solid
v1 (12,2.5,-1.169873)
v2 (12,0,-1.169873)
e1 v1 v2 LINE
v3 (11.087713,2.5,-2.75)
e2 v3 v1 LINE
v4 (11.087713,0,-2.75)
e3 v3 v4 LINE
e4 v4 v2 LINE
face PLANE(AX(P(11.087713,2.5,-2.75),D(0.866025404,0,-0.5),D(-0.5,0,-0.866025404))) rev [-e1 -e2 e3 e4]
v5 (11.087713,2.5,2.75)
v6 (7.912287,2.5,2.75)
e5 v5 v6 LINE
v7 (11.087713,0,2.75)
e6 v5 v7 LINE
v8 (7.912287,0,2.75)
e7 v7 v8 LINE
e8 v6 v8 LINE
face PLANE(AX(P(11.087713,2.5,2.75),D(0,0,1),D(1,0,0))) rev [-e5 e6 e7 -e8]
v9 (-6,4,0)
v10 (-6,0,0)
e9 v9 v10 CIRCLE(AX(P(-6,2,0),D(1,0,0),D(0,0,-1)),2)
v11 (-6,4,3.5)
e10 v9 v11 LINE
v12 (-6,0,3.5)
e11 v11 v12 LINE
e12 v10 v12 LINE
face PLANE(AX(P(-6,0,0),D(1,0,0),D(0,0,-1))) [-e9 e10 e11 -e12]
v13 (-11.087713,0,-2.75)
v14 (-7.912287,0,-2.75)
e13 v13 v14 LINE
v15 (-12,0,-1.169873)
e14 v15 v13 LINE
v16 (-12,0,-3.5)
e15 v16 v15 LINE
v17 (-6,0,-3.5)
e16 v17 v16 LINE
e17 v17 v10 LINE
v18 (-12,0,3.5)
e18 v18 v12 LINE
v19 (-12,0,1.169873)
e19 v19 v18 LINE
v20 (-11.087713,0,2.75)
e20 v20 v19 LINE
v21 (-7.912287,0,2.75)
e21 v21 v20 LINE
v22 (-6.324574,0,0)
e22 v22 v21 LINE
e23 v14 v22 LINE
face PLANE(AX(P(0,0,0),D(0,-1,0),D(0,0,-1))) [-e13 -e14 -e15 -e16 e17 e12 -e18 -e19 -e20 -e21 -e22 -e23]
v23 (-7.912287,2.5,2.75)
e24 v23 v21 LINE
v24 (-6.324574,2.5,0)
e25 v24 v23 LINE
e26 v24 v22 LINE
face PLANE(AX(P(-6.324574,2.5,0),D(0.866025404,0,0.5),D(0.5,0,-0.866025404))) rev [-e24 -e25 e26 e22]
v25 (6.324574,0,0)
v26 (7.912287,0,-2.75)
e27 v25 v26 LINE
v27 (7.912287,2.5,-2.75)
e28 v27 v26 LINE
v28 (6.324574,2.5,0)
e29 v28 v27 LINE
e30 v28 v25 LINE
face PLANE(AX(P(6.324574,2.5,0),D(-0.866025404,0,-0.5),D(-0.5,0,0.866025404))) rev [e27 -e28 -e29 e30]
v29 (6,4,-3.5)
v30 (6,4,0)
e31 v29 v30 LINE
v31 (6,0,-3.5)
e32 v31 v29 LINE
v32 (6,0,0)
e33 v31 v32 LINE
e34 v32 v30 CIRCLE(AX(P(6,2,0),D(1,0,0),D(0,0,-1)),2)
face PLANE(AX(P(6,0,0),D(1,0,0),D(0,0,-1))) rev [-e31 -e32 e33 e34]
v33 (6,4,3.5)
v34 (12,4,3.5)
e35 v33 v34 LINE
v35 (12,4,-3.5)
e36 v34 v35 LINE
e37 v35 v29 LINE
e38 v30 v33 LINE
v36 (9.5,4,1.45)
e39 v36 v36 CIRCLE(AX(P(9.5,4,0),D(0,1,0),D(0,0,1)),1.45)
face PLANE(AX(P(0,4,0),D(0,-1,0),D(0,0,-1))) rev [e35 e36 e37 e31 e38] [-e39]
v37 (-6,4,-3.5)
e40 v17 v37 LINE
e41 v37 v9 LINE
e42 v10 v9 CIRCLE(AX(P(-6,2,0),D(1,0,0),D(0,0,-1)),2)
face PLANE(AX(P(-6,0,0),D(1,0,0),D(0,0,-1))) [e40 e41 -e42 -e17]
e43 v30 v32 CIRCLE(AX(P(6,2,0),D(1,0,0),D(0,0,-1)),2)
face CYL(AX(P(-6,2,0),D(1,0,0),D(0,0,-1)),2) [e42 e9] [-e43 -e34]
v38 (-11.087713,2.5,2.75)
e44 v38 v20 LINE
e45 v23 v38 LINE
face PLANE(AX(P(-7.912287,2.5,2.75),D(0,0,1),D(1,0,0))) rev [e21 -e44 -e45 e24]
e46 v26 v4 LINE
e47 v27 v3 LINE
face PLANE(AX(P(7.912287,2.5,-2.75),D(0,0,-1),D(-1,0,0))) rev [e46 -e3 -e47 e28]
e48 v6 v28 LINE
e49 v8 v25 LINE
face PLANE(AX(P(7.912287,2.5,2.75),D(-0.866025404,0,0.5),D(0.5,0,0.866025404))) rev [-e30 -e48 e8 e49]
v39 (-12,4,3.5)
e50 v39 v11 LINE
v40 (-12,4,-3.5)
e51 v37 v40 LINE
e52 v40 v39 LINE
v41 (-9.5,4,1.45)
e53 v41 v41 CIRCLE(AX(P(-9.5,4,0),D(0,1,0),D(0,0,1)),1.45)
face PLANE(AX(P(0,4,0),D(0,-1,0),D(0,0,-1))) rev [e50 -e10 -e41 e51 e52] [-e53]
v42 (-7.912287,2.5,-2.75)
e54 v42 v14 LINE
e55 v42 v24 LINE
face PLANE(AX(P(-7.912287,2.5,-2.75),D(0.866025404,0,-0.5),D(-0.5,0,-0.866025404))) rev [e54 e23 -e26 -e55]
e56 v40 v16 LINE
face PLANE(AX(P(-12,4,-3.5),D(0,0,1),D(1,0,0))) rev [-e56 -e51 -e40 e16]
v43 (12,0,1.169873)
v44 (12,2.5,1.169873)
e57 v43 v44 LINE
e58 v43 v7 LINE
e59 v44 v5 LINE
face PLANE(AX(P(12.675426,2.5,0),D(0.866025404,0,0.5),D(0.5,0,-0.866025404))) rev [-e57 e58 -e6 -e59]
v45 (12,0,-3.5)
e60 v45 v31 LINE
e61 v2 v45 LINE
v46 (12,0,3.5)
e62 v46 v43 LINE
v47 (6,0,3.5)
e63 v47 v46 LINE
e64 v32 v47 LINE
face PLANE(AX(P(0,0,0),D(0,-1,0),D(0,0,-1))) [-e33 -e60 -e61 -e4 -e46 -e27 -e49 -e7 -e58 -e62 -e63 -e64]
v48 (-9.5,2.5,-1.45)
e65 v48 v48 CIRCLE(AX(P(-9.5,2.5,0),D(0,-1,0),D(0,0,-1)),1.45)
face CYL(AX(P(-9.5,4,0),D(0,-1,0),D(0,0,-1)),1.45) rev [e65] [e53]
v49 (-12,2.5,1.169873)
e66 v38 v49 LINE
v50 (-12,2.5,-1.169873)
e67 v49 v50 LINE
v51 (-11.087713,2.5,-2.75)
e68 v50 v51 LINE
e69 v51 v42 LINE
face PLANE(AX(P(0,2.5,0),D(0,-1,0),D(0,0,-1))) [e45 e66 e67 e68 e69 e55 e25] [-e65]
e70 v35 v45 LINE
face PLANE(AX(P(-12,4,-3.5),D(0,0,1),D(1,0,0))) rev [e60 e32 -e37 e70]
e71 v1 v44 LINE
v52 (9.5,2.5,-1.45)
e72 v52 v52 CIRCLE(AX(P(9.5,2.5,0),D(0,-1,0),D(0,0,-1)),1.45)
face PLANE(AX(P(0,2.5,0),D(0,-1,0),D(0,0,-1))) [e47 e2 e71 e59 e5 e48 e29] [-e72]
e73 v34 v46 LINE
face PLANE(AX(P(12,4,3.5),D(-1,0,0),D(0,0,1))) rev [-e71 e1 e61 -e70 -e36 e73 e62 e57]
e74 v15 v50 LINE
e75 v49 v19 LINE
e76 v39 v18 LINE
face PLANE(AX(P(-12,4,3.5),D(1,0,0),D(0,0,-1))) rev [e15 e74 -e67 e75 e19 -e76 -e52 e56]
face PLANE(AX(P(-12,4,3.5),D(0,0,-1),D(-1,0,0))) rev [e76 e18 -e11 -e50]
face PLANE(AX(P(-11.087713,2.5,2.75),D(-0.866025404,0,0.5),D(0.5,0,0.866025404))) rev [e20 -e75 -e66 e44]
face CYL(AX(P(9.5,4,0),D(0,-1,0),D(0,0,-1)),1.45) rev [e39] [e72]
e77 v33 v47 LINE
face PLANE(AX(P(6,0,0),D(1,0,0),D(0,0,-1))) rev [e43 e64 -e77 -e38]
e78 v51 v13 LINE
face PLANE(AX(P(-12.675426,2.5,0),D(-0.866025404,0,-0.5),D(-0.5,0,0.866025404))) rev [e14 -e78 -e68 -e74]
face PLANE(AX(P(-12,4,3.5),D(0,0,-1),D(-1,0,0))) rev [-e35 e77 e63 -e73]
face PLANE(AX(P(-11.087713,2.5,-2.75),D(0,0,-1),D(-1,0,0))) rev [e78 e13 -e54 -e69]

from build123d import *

# Parameters (mm, degrees)
SKETCH_1_W          = 24
SKETCH_1_H          = 7
SKETCH_1_R          = 1.45
EXTRUDE_1_DEPTH     = 4
CUT_EXTRUDE_1_DEPTH = 2.5
SKETCH_3_W          = 8.18570746
SKETCH_3_H          = 5.156071163
SKETCH_3_R          = 2
CUT_EXTRUDE_2_DEPTH = 6


with BuildPart() as part:
    # Эскиз1 → Бобышка-Вытянуть1 (new body)
    with BuildSketch(Plane(origin=(0, 0, 0), x_dir=(1, 0, 0), z_dir=(0, 1, 0))):
        Rectangle(SKETCH_1_W, SKETCH_1_H)
        with Locations(Location((-9.5, 0, 0), (0, 0, 270))):
            Circle(SKETCH_1_R, mode=Mode.SUBTRACT)
        with Locations(Location((9.5, 0, 0), (0, 0, 270))):
            Circle(SKETCH_1_R, mode=Mode.SUBTRACT)
    extrude(amount=EXTRUDE_1_DEPTH)

    # Эскиз2 → Вырез-Вытянуть1 (cut)
    with BuildSketch(Plane.XZ):
        Polygon((-7.91228676, 2.75), (-11.08771324, 2.75), (-12.675426481, 0), (-11.08771324, -2.75), (-7.91228676, -2.75), (-6.324573519, 0), align=None)
        Polygon((7.91228676, -2.75), (11.08771324, -2.75), (12.675426481, 0), (11.08771324, 2.75), (7.91228676, 2.75), (6.324573519, 0), align=None)
    extrude(amount=-CUT_EXTRUDE_1_DEPTH, mode=Mode.SUBTRACT)

    # Эскиз3 → Вырез-Вытянуть2 (cut, symmetric)
    with BuildSketch(Plane(origin=(0, 0, 0), x_dir=(0, 0, -1), z_dir=(1, 0, 0))):
        with Locations((0.188463291, 1.886210844)):
            Rectangle(SKETCH_3_W, SKETCH_3_H)
        with Locations(Location((0, 2, 0), (0, 0, 90))):
            Circle(SKETCH_3_R, mode=Mode.SUBTRACT)
    extrude(amount=CUT_EXTRUDE_2_DEPTH, both=True, mode=Mode.SUBTRACT)


solid = part.part
